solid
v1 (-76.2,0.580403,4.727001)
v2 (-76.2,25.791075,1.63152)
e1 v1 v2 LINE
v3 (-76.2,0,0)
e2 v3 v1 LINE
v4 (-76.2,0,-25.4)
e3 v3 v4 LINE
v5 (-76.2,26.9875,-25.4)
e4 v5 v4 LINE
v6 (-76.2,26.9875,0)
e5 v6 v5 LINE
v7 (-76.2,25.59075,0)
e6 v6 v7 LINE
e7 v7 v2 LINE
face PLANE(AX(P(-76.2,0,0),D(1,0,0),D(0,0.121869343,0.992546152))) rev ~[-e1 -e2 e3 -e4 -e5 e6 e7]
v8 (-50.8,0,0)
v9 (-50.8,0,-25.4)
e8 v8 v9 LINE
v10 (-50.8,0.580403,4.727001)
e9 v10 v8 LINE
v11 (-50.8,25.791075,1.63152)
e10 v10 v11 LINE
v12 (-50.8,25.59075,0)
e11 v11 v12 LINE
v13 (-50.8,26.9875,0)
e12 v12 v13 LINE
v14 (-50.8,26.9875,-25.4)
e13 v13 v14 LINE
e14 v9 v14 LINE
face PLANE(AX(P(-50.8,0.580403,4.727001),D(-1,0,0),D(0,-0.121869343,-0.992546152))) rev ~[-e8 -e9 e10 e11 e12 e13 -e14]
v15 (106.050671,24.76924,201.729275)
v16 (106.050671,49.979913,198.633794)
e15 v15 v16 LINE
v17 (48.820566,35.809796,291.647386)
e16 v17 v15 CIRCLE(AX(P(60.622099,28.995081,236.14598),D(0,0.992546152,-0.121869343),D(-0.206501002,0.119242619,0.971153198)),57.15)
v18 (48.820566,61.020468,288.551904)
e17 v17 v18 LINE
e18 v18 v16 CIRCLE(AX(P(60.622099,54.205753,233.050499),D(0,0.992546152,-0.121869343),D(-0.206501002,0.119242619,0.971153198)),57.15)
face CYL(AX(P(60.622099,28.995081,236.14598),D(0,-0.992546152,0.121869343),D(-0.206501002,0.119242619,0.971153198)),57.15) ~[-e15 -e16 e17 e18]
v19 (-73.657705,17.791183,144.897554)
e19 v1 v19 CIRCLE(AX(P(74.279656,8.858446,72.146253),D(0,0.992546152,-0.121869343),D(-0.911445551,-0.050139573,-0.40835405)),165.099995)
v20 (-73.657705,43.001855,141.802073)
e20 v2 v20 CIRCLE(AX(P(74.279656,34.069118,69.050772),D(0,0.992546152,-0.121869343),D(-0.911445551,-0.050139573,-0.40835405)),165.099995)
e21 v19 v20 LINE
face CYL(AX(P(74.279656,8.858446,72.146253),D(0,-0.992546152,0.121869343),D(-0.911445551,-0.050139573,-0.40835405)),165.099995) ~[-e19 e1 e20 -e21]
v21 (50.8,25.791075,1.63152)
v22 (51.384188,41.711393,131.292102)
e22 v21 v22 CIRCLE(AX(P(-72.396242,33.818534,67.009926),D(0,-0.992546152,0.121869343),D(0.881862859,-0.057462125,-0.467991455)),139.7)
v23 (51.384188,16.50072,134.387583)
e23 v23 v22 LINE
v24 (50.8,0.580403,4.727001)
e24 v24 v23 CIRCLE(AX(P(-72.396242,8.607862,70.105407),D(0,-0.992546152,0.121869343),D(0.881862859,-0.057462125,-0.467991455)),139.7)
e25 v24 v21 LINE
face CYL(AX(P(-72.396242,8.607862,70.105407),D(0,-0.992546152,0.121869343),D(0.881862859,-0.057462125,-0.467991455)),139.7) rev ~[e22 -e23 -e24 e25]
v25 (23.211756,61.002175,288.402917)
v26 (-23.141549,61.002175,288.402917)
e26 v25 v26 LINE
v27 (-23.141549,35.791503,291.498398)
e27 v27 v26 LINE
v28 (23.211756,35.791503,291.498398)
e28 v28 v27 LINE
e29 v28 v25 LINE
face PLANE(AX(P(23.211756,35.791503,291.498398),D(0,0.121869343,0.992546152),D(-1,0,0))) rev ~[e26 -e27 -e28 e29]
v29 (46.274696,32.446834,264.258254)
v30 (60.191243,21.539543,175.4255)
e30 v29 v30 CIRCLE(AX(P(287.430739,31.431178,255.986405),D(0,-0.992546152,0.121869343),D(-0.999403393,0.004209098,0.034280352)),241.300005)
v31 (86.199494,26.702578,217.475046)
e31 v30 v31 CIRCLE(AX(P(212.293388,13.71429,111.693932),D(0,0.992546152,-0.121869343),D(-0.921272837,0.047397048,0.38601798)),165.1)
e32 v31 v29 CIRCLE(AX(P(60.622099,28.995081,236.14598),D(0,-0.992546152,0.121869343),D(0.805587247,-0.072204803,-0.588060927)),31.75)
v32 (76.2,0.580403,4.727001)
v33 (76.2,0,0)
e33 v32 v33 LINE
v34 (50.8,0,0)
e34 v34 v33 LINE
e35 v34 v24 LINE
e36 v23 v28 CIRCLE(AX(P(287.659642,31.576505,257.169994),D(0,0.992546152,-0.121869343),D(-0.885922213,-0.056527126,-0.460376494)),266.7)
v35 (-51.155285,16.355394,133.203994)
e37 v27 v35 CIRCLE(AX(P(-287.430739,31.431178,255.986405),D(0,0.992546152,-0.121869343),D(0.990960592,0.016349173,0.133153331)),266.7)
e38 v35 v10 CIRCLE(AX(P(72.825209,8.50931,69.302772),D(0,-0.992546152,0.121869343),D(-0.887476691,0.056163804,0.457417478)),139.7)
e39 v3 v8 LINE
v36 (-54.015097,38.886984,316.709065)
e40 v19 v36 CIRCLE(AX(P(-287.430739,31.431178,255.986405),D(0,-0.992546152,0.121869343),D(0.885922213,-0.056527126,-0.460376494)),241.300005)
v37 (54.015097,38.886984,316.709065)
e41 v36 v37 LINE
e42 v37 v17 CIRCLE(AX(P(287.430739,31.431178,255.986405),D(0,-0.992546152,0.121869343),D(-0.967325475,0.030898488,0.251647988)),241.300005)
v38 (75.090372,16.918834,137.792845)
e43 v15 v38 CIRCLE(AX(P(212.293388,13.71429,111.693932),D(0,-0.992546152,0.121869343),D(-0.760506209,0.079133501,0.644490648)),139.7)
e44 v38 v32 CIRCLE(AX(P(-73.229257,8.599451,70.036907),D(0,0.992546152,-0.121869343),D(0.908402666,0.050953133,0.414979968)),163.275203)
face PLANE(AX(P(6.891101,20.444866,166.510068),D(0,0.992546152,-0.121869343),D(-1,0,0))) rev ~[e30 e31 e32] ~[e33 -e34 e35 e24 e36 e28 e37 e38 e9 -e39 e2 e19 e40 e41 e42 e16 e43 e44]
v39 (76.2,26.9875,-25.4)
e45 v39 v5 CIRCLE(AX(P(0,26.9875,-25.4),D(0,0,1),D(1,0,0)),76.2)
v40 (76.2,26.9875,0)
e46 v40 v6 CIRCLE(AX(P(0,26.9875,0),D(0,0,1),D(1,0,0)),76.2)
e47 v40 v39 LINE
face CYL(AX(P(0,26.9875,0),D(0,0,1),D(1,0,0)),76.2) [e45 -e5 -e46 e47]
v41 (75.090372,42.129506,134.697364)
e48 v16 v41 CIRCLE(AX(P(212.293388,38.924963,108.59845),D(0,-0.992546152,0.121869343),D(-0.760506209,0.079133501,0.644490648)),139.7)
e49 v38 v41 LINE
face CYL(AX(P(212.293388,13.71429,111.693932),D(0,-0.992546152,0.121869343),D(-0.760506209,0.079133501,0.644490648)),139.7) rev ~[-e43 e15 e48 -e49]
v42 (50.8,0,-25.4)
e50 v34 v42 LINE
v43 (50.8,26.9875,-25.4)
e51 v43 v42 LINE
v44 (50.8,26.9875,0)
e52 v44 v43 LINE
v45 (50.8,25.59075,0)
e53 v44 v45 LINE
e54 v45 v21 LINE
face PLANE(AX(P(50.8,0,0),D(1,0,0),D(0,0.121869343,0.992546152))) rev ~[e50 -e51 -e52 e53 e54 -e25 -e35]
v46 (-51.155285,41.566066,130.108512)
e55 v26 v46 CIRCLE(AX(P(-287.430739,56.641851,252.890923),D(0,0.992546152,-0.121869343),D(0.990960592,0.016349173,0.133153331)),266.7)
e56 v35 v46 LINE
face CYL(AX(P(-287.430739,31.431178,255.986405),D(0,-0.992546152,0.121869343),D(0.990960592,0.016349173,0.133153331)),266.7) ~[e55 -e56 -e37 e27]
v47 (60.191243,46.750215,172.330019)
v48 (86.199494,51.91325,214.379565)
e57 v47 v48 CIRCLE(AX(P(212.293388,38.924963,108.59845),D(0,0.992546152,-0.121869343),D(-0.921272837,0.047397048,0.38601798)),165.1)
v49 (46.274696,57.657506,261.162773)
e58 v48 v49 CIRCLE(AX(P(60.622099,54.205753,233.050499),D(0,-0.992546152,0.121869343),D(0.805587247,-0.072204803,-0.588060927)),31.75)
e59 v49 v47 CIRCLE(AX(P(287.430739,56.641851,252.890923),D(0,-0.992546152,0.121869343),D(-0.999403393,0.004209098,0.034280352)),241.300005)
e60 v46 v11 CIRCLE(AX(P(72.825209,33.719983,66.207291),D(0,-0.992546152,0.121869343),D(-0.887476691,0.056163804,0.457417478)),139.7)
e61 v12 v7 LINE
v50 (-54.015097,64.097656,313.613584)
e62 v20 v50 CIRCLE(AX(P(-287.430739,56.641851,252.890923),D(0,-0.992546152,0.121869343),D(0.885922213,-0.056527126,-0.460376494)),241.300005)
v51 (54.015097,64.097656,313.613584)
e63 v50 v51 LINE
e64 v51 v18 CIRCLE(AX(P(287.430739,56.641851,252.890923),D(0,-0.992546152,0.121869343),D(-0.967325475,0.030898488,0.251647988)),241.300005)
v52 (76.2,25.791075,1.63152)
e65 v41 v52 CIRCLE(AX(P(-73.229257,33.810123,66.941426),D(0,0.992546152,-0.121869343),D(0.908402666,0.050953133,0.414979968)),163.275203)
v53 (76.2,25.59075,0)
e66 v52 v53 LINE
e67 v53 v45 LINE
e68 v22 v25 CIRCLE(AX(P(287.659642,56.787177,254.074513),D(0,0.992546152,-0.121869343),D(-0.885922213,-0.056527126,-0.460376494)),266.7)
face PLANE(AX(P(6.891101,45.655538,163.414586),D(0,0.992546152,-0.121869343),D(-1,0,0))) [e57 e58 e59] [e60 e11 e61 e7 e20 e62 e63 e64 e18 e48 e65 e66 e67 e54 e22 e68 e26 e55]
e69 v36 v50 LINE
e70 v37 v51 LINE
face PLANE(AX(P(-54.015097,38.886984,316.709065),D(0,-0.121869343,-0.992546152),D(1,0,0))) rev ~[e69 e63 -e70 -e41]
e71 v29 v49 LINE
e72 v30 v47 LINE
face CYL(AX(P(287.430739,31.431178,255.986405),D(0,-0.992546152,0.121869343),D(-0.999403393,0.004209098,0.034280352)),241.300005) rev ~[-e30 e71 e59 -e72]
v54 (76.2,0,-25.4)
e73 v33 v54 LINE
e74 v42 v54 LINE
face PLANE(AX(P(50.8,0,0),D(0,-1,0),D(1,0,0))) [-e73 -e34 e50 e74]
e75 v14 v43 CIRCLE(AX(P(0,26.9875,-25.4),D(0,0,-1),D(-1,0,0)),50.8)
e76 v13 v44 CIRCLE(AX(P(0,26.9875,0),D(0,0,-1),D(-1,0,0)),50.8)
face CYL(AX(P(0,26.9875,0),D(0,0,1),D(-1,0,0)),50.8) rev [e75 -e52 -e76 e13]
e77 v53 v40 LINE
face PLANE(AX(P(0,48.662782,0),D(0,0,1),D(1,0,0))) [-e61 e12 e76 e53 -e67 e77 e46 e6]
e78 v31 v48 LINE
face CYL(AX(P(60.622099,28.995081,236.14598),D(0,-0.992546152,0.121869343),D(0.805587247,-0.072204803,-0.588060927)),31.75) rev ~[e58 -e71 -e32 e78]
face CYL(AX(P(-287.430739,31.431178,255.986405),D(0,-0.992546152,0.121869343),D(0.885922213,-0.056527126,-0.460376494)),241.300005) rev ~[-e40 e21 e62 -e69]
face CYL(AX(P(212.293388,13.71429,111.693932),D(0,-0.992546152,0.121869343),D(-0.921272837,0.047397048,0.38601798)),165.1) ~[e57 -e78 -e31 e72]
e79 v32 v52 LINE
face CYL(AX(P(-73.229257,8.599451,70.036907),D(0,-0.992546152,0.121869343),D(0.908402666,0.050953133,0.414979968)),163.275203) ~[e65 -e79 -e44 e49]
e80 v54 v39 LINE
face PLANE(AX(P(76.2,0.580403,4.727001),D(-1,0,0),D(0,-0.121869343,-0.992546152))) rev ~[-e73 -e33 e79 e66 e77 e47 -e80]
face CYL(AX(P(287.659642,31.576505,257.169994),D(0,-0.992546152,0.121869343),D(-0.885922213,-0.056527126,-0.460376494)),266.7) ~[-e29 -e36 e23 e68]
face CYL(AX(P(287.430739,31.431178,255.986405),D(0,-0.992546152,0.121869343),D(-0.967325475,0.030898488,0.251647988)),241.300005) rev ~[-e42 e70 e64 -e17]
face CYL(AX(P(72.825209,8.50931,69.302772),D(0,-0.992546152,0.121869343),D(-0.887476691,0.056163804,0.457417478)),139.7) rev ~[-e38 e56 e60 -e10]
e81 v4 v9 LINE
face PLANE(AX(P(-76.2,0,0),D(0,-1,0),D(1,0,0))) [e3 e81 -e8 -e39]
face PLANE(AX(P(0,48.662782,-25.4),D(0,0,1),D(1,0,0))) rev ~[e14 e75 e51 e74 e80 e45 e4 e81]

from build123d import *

# Parameters (mm, degrees)
F4_DEPTH = 25.4
F6_DEPTH = 25.4


with BuildPart() as f4:
    # F3 (on offset) → F4 (new body)
    with BuildSketch(Plane.XY):
        with BuildLine():
            Line((-76.2, 26.9875), (-76.2, 0))
            Line((-76.2, 0), (-50.8, 0))
            Line((-50.8, 0), (-50.8, 26.9875))
            ThreePointArc((-50.8, 26.9875), (0, 77.7875), (50.8, 26.9875))
            Line((50.8, 26.9875), (50.8, 0))
            Line((50.8, 0), (76.2, 0))
            Line((76.2, 0), (76.2, 26.9875))
            ThreePointArc((76.2, 26.9875), (0, 103.1875), (-76.2, 26.9875))
        make_face()
    extrude(amount=-F4_DEPTH)

    # F5 (on line) → F6 (join)
    with BuildSketch(Plane(origin=(0, 0, 0), x_dir=(-1, 0, 0), z_dir=(0, 0.9925461516, -0.1218693434))):
        with BuildLine():
            ThreePointArc((-75.0903723478, 138.827645489), (-90.0403532632, 71.9142183688), (-76.2, 4.7625))
            Line((-76.2, 4.7625), (-76.2, 0))
            Line((-76.2, 0), (-50.8, 0))
            Line((-50.8, 0), (-50.8, 4.7625))
            ThreePointArc((-50.8, 4.7625), (-67.3023617732, 70.0071639204), (-51.3841879778, 135.3968103272))
            ThreePointArc((-51.3841879778, 135.3968103272), (-25.0859353678, 212.368668197), (-23.2117561056, 293.6875002493))
            Line((-23.2117561056, 293.6875002493), (0, 293.6875002493))
            Line((0, 293.6875002493), (23.1415493167, 293.6875002493))
            ThreePointArc((23.1415493167, 293.6875002493), (24.7523028396, 211.7684987185), (51.1552849917, 134.2043325579))
            ThreePointArc((51.1552849917, 134.2043325579), (66.8742650231, 69.439784083), (50.8, 4.7625))
            Line((50.8, 4.7625), (50.8, 0))
            Line((50.8, 0), (76.2, 0))
            Line((76.2, 0), (76.2, 4.7625))
            ThreePointArc((76.2, 4.7625), (90.7935935425, 75.6597014149), (73.6577047551, 145.9857098073))
            ThreePointArc((73.6577047551, 145.9857098073), (47.6694306232, 230.702066542), (54.0150973414, 319.0874952316))
            Line((54.0150973414, 319.0874952316), (0, 319.0874952316))
            Line((0, 319.0874952316), (-54.0150973414, 319.0874952316))
            ThreePointArc((-54.0150973414, 319.0874952316), (-51.0804025225, 306.5319685143), (-48.8205663921, 293.8376065574))
            ThreePointArc((-48.8205663921, 293.8376065574), (-108.938602772, 268.4421399471), (-106.0506710111, 203.2442268465))
            ThreePointArc((-106.0506710111, 203.2442268465), (-86.3813942483, 173.049340693), (-75.0903723478, 138.827645489))
        make_face()
        with BuildLine():
            ThreePointArc((-46.2746955842, 266.2427872527), (-48.9959426673, 220.834025793), (-60.1912430767, 176.7429149913))
            ThreePointArc((-60.1912430767, 176.7429149913), (-71.5917023099, 198.9100774911), (-86.1994937771, 219.1082455385))
            ThreePointArc((-86.1994937771, 219.1082455385), (-84.8490348444, 258.4405568096), (-46.2746955842, 266.2427872527))
        make_face(mode=Mode.SUBTRACT)
    extrude(amount=F6_DEPTH)


solid = f4.part
